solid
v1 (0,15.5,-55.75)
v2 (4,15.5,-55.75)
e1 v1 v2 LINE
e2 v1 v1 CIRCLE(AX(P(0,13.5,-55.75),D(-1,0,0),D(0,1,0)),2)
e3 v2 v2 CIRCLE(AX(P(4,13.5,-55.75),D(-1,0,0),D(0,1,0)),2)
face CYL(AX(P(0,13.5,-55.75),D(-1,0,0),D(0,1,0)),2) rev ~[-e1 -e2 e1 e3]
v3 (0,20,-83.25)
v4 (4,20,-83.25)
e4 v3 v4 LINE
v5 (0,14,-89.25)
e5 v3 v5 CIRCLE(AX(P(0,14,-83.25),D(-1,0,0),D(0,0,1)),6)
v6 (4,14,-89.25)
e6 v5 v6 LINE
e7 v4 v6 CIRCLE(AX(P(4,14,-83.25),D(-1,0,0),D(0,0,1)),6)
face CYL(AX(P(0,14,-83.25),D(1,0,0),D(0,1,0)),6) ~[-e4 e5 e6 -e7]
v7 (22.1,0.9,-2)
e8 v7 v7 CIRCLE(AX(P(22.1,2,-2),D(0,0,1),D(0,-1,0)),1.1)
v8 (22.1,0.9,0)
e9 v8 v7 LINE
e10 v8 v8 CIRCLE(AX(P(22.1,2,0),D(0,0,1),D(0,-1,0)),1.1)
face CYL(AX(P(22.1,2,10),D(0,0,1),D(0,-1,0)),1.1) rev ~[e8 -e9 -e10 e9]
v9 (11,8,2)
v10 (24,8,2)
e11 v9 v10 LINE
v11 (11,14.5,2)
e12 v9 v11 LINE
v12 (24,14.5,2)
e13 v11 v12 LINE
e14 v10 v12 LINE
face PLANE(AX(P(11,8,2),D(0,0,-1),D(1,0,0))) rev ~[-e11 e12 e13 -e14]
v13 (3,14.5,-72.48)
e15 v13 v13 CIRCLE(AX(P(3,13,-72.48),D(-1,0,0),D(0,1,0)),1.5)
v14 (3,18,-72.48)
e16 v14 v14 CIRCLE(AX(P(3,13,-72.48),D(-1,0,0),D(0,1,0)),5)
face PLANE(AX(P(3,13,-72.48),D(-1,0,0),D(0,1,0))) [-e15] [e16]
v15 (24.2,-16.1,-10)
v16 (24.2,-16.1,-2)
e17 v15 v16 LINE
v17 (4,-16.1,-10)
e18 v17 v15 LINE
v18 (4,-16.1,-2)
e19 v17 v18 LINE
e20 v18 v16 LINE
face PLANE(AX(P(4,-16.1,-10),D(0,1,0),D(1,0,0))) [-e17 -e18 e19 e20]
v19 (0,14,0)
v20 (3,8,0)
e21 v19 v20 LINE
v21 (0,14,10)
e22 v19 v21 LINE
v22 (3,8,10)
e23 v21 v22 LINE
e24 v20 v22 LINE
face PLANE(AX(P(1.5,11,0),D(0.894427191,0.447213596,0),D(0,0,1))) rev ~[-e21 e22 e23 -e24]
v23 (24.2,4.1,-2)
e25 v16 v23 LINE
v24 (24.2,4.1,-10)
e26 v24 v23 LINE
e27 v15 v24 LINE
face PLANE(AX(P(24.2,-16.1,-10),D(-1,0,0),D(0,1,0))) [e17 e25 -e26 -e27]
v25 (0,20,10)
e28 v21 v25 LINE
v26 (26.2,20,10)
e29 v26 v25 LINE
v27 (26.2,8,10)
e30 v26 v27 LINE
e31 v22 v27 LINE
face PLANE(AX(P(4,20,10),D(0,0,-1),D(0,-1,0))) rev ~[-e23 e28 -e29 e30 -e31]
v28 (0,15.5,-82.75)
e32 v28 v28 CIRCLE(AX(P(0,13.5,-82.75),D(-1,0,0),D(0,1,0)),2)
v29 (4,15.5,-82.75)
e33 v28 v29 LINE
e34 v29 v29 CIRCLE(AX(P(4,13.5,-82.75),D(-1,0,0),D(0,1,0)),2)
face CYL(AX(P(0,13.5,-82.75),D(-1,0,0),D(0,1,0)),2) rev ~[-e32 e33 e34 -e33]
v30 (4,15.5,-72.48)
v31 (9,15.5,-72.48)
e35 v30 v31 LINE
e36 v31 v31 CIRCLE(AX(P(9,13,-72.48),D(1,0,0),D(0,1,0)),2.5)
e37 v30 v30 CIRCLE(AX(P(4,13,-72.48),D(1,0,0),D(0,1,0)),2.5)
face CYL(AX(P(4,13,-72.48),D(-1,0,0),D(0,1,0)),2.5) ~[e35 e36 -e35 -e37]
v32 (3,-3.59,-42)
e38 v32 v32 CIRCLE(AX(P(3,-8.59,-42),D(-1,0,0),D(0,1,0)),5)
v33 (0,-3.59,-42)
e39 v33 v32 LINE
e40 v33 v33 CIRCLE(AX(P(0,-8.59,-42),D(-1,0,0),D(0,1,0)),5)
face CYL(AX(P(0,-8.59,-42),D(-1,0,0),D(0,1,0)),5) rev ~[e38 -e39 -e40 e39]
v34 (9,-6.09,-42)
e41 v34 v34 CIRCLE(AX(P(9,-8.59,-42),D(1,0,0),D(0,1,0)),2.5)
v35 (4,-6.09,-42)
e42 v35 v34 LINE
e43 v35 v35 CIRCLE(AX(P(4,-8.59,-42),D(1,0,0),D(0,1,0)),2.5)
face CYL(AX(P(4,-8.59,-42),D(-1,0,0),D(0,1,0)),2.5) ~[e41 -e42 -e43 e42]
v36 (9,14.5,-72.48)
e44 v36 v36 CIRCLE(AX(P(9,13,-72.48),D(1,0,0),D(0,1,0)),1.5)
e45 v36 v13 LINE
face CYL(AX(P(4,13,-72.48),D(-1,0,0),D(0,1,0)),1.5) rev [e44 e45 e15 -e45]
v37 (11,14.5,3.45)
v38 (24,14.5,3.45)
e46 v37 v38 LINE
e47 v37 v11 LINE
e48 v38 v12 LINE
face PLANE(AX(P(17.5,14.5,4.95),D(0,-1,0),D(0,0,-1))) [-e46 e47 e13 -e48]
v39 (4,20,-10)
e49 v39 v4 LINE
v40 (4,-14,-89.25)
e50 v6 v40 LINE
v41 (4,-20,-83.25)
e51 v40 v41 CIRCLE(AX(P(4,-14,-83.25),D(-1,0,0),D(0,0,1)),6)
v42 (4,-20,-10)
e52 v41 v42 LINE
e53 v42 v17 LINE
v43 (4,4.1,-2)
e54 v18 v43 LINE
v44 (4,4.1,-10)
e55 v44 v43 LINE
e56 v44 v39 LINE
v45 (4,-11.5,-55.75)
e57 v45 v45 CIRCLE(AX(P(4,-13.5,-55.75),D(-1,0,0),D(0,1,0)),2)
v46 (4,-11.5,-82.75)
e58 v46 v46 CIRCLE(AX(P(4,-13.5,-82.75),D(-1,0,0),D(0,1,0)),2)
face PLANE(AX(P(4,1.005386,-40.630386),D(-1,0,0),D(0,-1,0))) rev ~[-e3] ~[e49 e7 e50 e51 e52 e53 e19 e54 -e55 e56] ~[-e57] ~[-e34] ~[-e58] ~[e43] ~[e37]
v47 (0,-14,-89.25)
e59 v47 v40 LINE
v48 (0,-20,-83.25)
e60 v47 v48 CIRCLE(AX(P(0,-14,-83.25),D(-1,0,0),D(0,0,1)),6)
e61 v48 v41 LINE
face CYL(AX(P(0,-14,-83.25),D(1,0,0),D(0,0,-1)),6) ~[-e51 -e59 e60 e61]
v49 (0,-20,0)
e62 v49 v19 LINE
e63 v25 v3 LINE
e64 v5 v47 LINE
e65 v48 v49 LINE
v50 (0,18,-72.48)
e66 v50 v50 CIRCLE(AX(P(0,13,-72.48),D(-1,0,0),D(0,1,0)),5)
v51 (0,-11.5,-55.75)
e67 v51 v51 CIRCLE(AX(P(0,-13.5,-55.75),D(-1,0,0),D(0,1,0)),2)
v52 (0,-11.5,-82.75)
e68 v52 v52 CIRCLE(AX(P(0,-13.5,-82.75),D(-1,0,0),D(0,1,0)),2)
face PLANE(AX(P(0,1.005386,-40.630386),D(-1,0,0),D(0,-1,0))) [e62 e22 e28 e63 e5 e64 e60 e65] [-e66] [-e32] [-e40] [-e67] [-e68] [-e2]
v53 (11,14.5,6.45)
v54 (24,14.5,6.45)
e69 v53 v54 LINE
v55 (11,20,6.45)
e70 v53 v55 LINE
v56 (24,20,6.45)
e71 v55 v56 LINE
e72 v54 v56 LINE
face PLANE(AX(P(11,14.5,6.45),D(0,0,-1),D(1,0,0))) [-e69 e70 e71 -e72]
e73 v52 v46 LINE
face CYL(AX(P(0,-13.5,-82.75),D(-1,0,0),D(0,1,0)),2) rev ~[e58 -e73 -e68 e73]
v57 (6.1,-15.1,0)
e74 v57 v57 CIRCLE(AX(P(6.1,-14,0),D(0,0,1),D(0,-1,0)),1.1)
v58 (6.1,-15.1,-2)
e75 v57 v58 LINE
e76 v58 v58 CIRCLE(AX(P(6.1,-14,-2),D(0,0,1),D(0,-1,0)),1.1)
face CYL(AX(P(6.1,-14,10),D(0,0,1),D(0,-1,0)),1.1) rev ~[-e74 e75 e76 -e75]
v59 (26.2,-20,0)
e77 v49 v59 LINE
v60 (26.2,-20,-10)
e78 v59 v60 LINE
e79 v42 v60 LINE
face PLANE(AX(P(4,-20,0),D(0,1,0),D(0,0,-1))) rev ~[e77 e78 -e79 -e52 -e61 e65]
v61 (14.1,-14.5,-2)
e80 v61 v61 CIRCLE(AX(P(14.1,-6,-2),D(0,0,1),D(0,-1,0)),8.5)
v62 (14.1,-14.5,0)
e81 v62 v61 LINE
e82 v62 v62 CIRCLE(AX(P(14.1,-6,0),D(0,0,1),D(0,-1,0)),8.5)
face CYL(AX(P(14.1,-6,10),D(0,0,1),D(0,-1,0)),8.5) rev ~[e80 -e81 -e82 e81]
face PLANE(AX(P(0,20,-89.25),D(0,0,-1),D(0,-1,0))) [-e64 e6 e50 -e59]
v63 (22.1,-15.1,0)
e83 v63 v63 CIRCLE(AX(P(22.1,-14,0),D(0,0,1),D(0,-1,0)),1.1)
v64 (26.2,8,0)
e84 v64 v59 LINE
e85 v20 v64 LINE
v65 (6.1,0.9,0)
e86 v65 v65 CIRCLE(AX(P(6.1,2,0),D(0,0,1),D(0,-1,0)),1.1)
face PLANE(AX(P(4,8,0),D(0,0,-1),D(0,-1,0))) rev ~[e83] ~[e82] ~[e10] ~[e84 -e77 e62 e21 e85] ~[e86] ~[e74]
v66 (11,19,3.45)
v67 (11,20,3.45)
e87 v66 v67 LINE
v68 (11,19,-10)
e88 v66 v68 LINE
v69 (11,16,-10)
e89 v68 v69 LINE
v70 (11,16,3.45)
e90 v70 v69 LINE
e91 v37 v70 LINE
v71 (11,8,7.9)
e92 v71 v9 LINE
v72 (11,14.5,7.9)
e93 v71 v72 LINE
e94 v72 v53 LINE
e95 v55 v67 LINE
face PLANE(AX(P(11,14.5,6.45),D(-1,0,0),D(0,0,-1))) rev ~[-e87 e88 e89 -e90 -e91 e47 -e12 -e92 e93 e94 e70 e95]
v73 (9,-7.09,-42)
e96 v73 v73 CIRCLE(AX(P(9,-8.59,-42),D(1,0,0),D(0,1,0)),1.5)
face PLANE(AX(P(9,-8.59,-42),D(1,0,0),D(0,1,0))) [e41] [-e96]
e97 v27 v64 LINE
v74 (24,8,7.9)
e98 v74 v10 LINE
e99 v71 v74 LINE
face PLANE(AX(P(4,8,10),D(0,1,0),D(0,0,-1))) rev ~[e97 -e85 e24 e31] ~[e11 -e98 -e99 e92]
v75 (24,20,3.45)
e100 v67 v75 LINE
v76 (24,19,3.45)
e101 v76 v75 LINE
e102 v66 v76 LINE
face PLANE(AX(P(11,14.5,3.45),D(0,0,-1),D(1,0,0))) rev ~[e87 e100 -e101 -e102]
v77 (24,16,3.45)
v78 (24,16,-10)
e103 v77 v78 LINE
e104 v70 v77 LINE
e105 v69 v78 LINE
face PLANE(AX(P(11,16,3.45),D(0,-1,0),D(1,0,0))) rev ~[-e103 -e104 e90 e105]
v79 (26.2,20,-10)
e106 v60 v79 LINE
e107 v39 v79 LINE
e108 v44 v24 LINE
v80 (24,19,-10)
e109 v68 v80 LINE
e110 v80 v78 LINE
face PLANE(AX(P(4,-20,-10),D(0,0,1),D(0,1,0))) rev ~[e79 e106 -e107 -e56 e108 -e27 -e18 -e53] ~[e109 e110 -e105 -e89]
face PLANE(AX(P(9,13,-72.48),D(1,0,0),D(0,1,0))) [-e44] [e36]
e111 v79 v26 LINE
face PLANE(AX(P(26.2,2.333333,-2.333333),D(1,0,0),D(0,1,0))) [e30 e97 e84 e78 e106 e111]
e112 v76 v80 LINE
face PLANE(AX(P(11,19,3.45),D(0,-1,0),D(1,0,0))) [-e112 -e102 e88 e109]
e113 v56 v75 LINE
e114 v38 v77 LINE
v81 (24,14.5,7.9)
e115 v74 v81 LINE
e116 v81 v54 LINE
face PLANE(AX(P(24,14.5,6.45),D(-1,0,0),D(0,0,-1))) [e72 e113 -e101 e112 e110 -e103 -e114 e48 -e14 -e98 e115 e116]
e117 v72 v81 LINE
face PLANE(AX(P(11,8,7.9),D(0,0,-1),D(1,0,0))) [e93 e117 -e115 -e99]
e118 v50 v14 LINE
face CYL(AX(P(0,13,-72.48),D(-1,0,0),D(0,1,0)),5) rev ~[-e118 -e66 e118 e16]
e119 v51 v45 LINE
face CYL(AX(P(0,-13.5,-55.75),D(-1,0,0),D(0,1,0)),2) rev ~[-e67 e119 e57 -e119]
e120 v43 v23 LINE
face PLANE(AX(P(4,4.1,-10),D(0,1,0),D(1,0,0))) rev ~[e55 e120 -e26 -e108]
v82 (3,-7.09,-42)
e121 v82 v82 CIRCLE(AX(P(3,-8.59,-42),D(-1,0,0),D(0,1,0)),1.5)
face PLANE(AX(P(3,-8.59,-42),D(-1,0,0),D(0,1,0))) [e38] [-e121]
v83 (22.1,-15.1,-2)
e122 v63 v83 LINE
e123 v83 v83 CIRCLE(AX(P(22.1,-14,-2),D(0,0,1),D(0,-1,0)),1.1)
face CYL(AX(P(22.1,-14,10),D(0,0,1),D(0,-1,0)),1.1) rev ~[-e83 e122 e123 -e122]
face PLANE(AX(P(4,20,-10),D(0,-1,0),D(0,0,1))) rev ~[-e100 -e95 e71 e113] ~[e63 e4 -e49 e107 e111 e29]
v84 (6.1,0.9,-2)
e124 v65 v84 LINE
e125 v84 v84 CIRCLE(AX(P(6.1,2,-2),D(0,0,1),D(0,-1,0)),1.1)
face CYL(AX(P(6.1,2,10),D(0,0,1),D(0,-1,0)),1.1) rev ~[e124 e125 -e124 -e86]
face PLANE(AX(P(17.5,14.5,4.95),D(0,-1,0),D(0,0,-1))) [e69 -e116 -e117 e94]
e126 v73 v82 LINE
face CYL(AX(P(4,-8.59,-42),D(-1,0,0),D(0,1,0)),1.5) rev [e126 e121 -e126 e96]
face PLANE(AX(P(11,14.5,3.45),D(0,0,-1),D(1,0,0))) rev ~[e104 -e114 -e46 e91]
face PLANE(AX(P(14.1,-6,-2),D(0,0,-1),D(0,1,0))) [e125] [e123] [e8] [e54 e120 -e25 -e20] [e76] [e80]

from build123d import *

# Parameters (mm, degrees)
PAD008_DEPTH    = 4
PAD009_DEPTH    = 22.2
SKETCH_R        = 2
SKETCH_R_2      = 1.5
POCKET_DEPTH    = 26.201
SKETCH016_W     = 20.2
SKETCH016_H     = 20.2
POCKET001_DEPTH = 8
SKETCH017_R     = 1.1
SKETCH017_R_2   = 8.5
POCKET002_DEPTH = 50
SKETCH018_W     = 5.9
SKETCH018_H     = 13
POCKET003_DEPTH = 6.5
SKETCH019_W     = 3
SKETCH019_H     = 13
POCKET004_DEPTH = 5.501
SKETCH020_W     = 3
SKETCH020_H     = 13
POCKET005_DEPTH = 40
SKETCH021_R     = 5
POCKET006_DEPTH = 3
FILLET_R        = 6
SKETCH022_R     = 2.5
SKETCH022_R_2   = 1.5
PAD_DEPTH       = 5
CHAMFER_SIZE2   = 3
CHAMFER_SIZE    = 6


with BuildPart() as part:
    # Sketch013 → Pad008 (new body)
    with BuildSketch(Plane.YZ):
        Polygon((20, -89.25), (-20, -89.25), (-20, 0), (8, 0), (8, 10), (20, 10), align=None)
    extrude(amount=PAD008_DEPTH)

    # Sketch015 (on Face8 of Pad008) → Pad009 (join)
    with BuildSketch(Plane.YZ.offset(4)):
        Polygon((20, 10), (8, 10), (8, 0), (-20, 0), (-20, -10), (20, -10), align=None)
    extrude(amount=PAD009_DEPTH)

    # Sketch (on Face4 of Pad009) → Pocket (cut, through all)
    with BuildSketch(Plane(origin=(0, 0, 0), x_dir=(0, 1, 0), z_dir=(-1, 0, 0))):
        with Locations((-13.5, 82.75)):
            Circle(SKETCH_R)
        with Locations((13.5, 82.75)):
            Circle(SKETCH_R)
        with Locations((13.5, 55.75)):
            Circle(SKETCH_R)
        with Locations((-13.5, 55.75)):
            Circle(SKETCH_R)
        with Locations((13, 72.48)):
            Circle(SKETCH_R_2)
        with Locations((-8.59, 42)):
            Circle(SKETCH_R_2)
    extrude(amount=-POCKET_DEPTH, mode=Mode.SUBTRACT)

    # Sketch016 (on Face17 of Pocket) → Pocket001 (cut)
    with BuildSketch(Plane.YX.offset(10)):
        with Locations((-6, 14.1)):
            Rectangle(SKETCH016_W, SKETCH016_H)
    extrude(amount=-POCKET001_DEPTH, mode=Mode.SUBTRACT)

    # Sketch017 (on Face19 of Pocket001) → Pocket002 (cut)
    with BuildSketch(Plane(origin=(0, 0, 10), x_dir=(0, -1, 0), z_dir=(0, 0, 1))):
        with Locations((-2, 6.1)):
            Circle(SKETCH017_R)
        with Locations((14, 6.1)):
            Circle(SKETCH017_R)
        with Locations((14, 22.1)):
            Circle(SKETCH017_R)
        with Locations((-2, 22.1)):
            Circle(SKETCH017_R)
        with Locations((6, 14.1)):
            Circle(SKETCH017_R_2)
    extrude(amount=-POCKET002_DEPTH, mode=Mode.SUBTRACT)

    # Sketch018 (on Face22 of Pocket002) → Pocket003 (cut)
    with BuildSketch(Plane(origin=(0, 8, 0), x_dir=(0, 0, -1), z_dir=(0, -1, 0))):
        with Locations((-4.95, 17.5)):
            Rectangle(SKETCH018_W, SKETCH018_H)
    extrude(amount=-POCKET003_DEPTH, mode=Mode.SUBTRACT)

    # Sketch019 (on Face36 of Pocket003) → Pocket004 (cut, through all)
    with BuildSketch(Plane(origin=(0, 14.5, 0), x_dir=(0, 0, -1), z_dir=(0, -1, 0))):
        with Locations((-4.95, 17.5)):
            Rectangle(SKETCH019_W, SKETCH019_H)
    extrude(amount=-POCKET004_DEPTH, mode=Mode.SUBTRACT)

    # Sketch020 (on Face23 of Pocket004) → Pocket005 (cut)
    with BuildSketch(Plane(origin=(0, 0, 3.45), x_dir=(0, -1, 0), z_dir=(0, 0, 1))):
        with Locations((-17.5, 17.5)):
            Rectangle(SKETCH020_W, SKETCH020_H)
    extrude(amount=-POCKET005_DEPTH, mode=Mode.SUBTRACT)

    # Sketch021 (on Face4 of Pocket005) → Pocket006 (cut)
    with BuildSketch(Plane(origin=(0, 0, 0), x_dir=(0, 1, 0), z_dir=(-1, 0, 0))):
        with Locations((-8.59, 42)):
            Circle(SKETCH021_R)
        with Locations((13, 72.48)):
            Circle(SKETCH021_R)
    extrude(amount=-POCKET006_DEPTH, mode=Mode.SUBTRACT)

    # Fillet
    fillet_edges = [part.edges().sort_by_distance(p)[0] for p in [
        (2, -20, -89.25),
        (2, 20, -89.25),
    ]]
    fillet(fillet_edges, radius=FILLET_R)

    # Sketch022 → Pad (join)
    with BuildSketch(Plane.YZ.offset(4)):
        with Locations((-8.59, -42)):
            Circle(SKETCH022_R)
        with Locations((-8.59, -42)):
            Circle(SKETCH022_R_2, mode=Mode.SUBTRACT)
        with Locations((13, -72.48)):
            Circle(SKETCH022_R)
        with Locations((13, -72.48)):
            Circle(SKETCH022_R_2, mode=Mode.SUBTRACT)
    extrude(amount=PAD_DEPTH)

    # Chamfer
    chamfer_edges = [part.edges().sort_by_distance(p)[0] for p in [
        (0, 8, 5),
    ]]
    chamfer_side = part.faces().sort_by_distance((0, 0.384644, -41.786068))[0]
    chamfer(chamfer_edges, length=CHAMFER_SIZE, length2=CHAMFER_SIZE2, reference=chamfer_side)


solid = part.part
